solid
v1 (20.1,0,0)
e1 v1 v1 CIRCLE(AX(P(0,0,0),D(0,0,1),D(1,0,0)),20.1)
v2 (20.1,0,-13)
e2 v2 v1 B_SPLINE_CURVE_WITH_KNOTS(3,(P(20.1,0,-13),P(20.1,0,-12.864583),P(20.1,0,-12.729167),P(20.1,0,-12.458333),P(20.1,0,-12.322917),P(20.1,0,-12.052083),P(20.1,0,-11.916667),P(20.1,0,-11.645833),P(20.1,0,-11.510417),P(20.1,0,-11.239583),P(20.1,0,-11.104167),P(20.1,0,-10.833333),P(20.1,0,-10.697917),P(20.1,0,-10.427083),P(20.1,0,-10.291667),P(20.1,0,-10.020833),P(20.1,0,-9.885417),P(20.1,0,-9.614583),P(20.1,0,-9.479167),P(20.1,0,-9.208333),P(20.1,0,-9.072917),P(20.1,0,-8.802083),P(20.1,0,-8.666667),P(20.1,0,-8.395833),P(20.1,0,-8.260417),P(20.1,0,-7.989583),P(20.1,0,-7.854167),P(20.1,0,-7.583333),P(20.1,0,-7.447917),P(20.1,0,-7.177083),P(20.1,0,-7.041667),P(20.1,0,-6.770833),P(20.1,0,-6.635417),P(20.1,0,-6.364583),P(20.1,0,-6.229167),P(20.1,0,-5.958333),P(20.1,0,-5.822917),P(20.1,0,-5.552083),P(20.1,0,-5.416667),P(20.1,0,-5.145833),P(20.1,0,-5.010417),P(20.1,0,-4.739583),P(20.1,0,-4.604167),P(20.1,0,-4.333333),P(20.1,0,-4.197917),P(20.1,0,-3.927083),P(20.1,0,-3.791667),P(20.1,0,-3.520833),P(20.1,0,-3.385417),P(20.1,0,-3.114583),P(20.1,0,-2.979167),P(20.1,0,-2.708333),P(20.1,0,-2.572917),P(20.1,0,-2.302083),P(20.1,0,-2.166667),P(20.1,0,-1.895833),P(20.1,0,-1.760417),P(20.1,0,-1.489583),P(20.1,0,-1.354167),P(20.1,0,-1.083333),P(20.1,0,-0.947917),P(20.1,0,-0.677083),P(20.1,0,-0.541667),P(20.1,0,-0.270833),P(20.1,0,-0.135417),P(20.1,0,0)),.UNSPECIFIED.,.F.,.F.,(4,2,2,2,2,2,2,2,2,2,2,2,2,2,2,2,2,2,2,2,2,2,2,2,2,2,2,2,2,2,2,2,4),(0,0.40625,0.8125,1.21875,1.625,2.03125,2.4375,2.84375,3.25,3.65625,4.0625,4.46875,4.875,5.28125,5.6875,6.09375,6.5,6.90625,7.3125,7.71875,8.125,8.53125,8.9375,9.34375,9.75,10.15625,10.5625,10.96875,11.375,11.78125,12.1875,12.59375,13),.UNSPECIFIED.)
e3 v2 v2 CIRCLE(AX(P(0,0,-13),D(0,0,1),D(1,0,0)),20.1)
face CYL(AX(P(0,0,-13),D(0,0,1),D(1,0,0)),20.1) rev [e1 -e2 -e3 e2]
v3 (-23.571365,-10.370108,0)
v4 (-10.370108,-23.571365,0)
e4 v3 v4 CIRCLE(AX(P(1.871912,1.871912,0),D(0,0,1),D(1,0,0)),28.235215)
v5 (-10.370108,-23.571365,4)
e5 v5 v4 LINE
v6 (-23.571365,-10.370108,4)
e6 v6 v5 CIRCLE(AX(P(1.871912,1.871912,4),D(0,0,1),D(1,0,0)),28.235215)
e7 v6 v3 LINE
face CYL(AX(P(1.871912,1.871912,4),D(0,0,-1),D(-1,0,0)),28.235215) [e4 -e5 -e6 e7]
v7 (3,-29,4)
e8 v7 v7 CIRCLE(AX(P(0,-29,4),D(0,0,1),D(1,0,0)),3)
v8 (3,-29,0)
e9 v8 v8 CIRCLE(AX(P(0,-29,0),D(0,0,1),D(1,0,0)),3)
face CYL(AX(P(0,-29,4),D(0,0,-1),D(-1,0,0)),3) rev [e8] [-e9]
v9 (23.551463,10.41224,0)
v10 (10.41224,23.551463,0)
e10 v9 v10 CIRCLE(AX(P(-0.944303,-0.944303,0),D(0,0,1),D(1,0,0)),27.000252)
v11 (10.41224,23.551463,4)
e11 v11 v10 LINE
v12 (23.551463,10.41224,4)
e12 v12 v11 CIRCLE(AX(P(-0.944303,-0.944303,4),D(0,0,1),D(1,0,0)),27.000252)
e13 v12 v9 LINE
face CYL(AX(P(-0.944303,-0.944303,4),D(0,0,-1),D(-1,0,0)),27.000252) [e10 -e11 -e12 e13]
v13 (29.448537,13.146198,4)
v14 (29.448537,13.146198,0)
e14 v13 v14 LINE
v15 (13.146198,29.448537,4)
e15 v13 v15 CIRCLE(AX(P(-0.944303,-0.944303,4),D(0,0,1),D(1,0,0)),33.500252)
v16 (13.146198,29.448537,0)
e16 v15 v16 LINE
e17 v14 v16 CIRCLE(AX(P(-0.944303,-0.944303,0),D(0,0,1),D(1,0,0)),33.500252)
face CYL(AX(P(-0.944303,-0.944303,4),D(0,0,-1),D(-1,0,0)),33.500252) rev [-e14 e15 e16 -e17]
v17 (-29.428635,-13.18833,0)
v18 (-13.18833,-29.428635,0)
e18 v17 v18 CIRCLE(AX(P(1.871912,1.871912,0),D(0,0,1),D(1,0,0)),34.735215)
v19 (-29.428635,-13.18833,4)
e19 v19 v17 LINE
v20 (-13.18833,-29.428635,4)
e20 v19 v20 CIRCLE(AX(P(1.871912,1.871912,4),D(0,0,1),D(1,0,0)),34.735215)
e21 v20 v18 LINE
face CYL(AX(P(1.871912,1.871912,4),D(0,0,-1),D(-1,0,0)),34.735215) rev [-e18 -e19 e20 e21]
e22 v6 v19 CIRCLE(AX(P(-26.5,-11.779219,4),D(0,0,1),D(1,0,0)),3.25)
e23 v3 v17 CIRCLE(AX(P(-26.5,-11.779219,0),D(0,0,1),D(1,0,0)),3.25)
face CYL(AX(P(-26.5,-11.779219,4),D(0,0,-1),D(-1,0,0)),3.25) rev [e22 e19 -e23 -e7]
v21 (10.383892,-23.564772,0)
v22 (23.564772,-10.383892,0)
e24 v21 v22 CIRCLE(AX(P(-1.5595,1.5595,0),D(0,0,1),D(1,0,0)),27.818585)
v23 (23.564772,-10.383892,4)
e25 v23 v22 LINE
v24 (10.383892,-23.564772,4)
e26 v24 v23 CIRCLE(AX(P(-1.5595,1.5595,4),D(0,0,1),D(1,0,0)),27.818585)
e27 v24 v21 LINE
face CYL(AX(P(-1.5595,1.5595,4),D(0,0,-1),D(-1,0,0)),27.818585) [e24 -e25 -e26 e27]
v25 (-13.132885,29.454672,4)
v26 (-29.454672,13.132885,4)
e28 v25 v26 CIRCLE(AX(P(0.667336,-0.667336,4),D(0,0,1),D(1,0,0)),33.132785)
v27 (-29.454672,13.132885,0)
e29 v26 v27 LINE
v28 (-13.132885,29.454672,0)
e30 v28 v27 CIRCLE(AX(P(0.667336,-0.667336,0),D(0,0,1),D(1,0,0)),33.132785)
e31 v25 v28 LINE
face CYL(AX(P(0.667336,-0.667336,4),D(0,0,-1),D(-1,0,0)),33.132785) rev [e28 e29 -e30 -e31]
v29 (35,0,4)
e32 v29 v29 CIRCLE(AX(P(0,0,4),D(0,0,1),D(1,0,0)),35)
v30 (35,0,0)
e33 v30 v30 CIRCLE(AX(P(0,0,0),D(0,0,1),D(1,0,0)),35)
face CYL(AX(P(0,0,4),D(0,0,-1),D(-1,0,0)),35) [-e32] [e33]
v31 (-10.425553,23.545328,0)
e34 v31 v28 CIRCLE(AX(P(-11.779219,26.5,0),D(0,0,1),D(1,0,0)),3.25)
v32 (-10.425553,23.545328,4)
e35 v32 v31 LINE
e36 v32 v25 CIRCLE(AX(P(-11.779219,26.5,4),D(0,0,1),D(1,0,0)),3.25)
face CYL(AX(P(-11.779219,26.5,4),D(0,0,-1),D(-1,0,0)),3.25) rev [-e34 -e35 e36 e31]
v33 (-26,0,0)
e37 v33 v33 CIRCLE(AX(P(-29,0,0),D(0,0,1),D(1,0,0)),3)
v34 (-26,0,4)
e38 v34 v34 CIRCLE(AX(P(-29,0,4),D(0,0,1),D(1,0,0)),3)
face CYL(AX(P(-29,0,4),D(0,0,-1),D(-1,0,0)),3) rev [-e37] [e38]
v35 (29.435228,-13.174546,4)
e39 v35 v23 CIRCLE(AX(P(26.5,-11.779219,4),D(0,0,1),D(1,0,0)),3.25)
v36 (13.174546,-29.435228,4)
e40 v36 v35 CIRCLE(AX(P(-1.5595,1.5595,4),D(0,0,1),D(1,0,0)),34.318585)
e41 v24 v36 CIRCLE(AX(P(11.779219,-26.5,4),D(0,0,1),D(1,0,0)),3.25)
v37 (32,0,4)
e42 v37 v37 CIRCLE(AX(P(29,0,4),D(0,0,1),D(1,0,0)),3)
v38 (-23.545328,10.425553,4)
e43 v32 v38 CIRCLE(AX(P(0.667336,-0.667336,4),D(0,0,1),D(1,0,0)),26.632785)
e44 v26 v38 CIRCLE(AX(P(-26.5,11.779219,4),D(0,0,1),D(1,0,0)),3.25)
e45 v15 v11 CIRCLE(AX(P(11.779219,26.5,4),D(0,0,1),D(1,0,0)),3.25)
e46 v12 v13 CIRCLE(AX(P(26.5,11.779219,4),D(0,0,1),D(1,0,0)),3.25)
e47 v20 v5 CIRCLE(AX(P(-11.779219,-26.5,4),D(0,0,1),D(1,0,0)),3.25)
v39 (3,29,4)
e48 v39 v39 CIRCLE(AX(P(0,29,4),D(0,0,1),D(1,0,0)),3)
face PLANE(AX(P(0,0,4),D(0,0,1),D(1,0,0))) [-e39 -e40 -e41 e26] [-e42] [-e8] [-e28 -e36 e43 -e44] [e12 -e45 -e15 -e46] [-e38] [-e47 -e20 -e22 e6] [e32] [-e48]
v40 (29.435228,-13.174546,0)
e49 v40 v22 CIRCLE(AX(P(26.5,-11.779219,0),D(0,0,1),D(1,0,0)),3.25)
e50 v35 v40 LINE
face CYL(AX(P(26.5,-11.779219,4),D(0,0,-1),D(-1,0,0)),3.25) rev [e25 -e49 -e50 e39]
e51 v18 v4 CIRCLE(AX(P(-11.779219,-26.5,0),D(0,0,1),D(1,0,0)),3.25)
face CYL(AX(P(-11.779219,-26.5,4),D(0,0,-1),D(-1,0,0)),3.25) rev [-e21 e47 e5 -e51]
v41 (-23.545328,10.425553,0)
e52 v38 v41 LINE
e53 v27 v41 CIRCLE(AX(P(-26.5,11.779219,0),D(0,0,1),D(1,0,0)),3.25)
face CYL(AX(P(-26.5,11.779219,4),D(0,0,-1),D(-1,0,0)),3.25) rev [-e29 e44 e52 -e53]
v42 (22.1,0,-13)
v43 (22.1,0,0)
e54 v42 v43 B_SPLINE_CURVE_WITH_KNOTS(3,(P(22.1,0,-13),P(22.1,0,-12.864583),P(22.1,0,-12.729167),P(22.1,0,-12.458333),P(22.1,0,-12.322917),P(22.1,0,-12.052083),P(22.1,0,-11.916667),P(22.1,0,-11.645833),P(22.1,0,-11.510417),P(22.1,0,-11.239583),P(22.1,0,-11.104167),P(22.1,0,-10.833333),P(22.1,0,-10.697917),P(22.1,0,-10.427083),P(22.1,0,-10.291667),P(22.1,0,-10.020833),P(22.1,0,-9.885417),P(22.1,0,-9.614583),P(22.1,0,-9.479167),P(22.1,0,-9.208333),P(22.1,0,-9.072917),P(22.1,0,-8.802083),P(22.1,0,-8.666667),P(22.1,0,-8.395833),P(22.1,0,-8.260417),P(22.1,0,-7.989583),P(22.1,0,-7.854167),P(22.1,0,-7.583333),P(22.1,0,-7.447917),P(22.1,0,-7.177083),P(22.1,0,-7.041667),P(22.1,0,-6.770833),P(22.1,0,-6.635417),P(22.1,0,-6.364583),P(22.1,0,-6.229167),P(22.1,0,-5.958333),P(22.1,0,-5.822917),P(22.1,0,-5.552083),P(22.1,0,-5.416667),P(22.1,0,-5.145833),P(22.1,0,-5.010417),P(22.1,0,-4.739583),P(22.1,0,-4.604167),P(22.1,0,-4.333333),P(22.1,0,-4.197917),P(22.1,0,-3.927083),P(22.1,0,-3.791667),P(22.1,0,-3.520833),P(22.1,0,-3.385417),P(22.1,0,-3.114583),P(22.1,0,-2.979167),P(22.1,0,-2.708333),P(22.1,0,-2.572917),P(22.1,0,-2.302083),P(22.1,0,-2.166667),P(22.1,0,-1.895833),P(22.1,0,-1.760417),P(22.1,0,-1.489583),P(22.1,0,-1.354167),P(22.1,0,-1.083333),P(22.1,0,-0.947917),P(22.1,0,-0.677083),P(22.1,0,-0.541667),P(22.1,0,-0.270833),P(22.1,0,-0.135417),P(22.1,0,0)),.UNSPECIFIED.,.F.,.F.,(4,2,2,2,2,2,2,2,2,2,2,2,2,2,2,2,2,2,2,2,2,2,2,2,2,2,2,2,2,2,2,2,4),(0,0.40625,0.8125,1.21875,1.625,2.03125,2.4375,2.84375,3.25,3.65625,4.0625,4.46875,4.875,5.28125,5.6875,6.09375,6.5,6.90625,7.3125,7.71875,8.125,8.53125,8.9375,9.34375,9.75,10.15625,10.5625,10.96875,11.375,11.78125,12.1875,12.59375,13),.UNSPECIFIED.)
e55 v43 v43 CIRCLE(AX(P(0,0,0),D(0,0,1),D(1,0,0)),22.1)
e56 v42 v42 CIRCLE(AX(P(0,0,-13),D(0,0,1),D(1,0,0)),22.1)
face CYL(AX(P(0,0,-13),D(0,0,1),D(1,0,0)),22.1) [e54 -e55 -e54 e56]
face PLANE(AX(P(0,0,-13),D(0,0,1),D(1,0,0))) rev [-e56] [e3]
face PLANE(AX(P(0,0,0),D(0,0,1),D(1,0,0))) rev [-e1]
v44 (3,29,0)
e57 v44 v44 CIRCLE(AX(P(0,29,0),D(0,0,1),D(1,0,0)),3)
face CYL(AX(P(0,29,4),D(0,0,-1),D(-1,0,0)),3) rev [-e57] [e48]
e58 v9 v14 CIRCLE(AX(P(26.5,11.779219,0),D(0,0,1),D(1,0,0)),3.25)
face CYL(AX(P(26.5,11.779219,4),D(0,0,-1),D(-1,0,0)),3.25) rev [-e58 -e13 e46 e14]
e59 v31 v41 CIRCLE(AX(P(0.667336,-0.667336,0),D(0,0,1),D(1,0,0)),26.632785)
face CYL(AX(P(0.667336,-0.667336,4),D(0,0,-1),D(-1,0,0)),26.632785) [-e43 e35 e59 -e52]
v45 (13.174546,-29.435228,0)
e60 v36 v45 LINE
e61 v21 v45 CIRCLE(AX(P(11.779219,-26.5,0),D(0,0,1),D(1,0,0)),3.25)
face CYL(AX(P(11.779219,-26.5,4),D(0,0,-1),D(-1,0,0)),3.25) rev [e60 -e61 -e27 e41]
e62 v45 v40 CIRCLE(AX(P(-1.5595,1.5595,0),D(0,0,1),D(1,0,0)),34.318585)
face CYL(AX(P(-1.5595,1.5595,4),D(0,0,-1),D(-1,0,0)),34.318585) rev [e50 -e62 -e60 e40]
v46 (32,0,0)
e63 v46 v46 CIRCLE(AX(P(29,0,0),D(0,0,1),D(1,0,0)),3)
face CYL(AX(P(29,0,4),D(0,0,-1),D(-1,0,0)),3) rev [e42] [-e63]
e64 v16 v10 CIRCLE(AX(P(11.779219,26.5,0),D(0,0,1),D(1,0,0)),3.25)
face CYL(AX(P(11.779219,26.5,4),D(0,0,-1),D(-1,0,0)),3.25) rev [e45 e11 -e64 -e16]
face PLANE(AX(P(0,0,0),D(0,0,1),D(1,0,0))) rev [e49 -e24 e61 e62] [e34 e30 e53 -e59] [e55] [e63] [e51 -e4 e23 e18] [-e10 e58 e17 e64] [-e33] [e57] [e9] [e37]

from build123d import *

# Parameters (mm, degrees)
SKETCH_1_R          = 22.1
SKETCH_1_R_2        = 20.1
EXTRUDE_1_DEPTH     = 13
SKETCH_3_R          = 35
EXTRUDE_2_DEPTH     = 4
CUT_EXTRUDE_2_DEPTH = 4
SKETCH_7_R          = 2.5
CUT_EXTRUDE_3_DEPTH = 4
SKETCH_8_R          = 3
CUT_EXTRUDE_4_DEPTH = 4


with BuildPart() as part:
    # 草图1 → 凸台-拉伸1 (new body)
    with BuildSketch(Plane.XY):
        Circle(SKETCH_1_R)
        Circle(SKETCH_1_R_2, mode=Mode.SUBTRACT)
    extrude(amount=-EXTRUDE_1_DEPTH)

    # 草图3 → 凸台-拉伸2 (add)
    with BuildSketch(Plane.XY):
        Circle(SKETCH_3_R)
    extrude(amount=EXTRUDE_2_DEPTH)

    # 草图6 → 切除-拉伸2 (cut)
    with BuildSketch(Plane.XY):
        with BuildLine():
            ThreePointArc((-13.13288474, 29.454672407), (-22.761081404, 22.761081404), (-29.454672407, 13.13288474))
            ThreePointArc((-29.454672407, 13.13288474), (-27.853665751, 8.824546582), (-23.545327593, 10.425553238))
            ThreePointArc((-23.545327593, 10.425553238), (-18.164887326, 18.164887326), (-10.425553238, 23.545327593))
            ThreePointArc((-10.425553238, 23.545327593), (-8.824546582, 27.853665751), (-13.13288474, 29.454672407))
        make_face()
        with BuildLine():
            ThreePointArc((29.448536872, 13.146197524), (22.743952769, 22.743952769), (13.146197524, 29.448536872))
            ThreePointArc((13.146197524, 29.448536872), (8.830682117, 27.866978535), (10.412240454, 23.551463128))
            ThreePointArc((10.412240454, 23.551463128), (18.147758691, 18.147758691), (23.551463128, 10.412240454))
            ThreePointArc((23.551463128, 10.412240454), (27.866978535, 8.830682117), (29.448536872, 13.146197524))
        make_face()
        with BuildLine():
            ThreePointArc((13.174546029, -29.435227837), (22.707404076, -22.707404076), (29.435227837, -13.174546029))
            ThreePointArc((29.435227837, -13.174546029), (27.895327039, -8.843991153), (23.564772163, -10.38389195))
            ThreePointArc((23.564772163, -10.38389195), (18.111209998, -18.111209998), (10.38389195, -23.564772163))
            ThreePointArc((10.38389195, -23.564772163), (8.843991153, -27.895327039), (13.174546029, -29.435227837))
        make_face()
        with BuildLine():
            ThreePointArc((-29.428635355, -13.188330396), (-22.68959412, -22.68959412), (-13.188330396, -29.428635355))
            ThreePointArc((-13.188330396, -29.428635355), (-8.850583634, -27.909111407), (-10.370107582, -23.571364645))
            ThreePointArc((-10.370107582, -23.571364645), (-18.093400043, -18.093400043), (-23.571364645, -10.370107582))
            ThreePointArc((-23.571364645, -10.370107582), (-27.909111407, -8.850583634), (-29.428635355, -13.188330396))
        make_face()
    extrude(amount=CUT_EXTRUDE_2_DEPTH, mode=Mode.SUBTRACT)

    # 草图7 → 切除-拉伸3 (cut)
    with BuildSketch(Plane(origin=(0, 0, 0), x_dir=(-1, 0, 0), z_dir=(0, 0, -1))):
        with Locations((0, 29)):
            Circle(SKETCH_7_R)
        with Locations((29, 0)):
            Circle(SKETCH_7_R)
        with Locations((0, -29)):
            Circle(SKETCH_7_R)
        with Locations((-29, 0)):
            Circle(SKETCH_7_R)
    extrude(amount=-CUT_EXTRUDE_3_DEPTH, mode=Mode.SUBTRACT)

    # 草图8 → 切除-拉伸4 (cut)
    with BuildSketch(Plane.XY):
        with Locations((0, 29)):
            Circle(SKETCH_8_R)
        with Locations((-29, 0)):
            Circle(SKETCH_8_R)
        with Locations((0, -29)):
            Circle(SKETCH_8_R)
        with Locations((29, 0)):
            Circle(SKETCH_8_R)
    extrude(amount=CUT_EXTRUDE_4_DEPTH, mode=Mode.SUBTRACT)


solid = part.part
